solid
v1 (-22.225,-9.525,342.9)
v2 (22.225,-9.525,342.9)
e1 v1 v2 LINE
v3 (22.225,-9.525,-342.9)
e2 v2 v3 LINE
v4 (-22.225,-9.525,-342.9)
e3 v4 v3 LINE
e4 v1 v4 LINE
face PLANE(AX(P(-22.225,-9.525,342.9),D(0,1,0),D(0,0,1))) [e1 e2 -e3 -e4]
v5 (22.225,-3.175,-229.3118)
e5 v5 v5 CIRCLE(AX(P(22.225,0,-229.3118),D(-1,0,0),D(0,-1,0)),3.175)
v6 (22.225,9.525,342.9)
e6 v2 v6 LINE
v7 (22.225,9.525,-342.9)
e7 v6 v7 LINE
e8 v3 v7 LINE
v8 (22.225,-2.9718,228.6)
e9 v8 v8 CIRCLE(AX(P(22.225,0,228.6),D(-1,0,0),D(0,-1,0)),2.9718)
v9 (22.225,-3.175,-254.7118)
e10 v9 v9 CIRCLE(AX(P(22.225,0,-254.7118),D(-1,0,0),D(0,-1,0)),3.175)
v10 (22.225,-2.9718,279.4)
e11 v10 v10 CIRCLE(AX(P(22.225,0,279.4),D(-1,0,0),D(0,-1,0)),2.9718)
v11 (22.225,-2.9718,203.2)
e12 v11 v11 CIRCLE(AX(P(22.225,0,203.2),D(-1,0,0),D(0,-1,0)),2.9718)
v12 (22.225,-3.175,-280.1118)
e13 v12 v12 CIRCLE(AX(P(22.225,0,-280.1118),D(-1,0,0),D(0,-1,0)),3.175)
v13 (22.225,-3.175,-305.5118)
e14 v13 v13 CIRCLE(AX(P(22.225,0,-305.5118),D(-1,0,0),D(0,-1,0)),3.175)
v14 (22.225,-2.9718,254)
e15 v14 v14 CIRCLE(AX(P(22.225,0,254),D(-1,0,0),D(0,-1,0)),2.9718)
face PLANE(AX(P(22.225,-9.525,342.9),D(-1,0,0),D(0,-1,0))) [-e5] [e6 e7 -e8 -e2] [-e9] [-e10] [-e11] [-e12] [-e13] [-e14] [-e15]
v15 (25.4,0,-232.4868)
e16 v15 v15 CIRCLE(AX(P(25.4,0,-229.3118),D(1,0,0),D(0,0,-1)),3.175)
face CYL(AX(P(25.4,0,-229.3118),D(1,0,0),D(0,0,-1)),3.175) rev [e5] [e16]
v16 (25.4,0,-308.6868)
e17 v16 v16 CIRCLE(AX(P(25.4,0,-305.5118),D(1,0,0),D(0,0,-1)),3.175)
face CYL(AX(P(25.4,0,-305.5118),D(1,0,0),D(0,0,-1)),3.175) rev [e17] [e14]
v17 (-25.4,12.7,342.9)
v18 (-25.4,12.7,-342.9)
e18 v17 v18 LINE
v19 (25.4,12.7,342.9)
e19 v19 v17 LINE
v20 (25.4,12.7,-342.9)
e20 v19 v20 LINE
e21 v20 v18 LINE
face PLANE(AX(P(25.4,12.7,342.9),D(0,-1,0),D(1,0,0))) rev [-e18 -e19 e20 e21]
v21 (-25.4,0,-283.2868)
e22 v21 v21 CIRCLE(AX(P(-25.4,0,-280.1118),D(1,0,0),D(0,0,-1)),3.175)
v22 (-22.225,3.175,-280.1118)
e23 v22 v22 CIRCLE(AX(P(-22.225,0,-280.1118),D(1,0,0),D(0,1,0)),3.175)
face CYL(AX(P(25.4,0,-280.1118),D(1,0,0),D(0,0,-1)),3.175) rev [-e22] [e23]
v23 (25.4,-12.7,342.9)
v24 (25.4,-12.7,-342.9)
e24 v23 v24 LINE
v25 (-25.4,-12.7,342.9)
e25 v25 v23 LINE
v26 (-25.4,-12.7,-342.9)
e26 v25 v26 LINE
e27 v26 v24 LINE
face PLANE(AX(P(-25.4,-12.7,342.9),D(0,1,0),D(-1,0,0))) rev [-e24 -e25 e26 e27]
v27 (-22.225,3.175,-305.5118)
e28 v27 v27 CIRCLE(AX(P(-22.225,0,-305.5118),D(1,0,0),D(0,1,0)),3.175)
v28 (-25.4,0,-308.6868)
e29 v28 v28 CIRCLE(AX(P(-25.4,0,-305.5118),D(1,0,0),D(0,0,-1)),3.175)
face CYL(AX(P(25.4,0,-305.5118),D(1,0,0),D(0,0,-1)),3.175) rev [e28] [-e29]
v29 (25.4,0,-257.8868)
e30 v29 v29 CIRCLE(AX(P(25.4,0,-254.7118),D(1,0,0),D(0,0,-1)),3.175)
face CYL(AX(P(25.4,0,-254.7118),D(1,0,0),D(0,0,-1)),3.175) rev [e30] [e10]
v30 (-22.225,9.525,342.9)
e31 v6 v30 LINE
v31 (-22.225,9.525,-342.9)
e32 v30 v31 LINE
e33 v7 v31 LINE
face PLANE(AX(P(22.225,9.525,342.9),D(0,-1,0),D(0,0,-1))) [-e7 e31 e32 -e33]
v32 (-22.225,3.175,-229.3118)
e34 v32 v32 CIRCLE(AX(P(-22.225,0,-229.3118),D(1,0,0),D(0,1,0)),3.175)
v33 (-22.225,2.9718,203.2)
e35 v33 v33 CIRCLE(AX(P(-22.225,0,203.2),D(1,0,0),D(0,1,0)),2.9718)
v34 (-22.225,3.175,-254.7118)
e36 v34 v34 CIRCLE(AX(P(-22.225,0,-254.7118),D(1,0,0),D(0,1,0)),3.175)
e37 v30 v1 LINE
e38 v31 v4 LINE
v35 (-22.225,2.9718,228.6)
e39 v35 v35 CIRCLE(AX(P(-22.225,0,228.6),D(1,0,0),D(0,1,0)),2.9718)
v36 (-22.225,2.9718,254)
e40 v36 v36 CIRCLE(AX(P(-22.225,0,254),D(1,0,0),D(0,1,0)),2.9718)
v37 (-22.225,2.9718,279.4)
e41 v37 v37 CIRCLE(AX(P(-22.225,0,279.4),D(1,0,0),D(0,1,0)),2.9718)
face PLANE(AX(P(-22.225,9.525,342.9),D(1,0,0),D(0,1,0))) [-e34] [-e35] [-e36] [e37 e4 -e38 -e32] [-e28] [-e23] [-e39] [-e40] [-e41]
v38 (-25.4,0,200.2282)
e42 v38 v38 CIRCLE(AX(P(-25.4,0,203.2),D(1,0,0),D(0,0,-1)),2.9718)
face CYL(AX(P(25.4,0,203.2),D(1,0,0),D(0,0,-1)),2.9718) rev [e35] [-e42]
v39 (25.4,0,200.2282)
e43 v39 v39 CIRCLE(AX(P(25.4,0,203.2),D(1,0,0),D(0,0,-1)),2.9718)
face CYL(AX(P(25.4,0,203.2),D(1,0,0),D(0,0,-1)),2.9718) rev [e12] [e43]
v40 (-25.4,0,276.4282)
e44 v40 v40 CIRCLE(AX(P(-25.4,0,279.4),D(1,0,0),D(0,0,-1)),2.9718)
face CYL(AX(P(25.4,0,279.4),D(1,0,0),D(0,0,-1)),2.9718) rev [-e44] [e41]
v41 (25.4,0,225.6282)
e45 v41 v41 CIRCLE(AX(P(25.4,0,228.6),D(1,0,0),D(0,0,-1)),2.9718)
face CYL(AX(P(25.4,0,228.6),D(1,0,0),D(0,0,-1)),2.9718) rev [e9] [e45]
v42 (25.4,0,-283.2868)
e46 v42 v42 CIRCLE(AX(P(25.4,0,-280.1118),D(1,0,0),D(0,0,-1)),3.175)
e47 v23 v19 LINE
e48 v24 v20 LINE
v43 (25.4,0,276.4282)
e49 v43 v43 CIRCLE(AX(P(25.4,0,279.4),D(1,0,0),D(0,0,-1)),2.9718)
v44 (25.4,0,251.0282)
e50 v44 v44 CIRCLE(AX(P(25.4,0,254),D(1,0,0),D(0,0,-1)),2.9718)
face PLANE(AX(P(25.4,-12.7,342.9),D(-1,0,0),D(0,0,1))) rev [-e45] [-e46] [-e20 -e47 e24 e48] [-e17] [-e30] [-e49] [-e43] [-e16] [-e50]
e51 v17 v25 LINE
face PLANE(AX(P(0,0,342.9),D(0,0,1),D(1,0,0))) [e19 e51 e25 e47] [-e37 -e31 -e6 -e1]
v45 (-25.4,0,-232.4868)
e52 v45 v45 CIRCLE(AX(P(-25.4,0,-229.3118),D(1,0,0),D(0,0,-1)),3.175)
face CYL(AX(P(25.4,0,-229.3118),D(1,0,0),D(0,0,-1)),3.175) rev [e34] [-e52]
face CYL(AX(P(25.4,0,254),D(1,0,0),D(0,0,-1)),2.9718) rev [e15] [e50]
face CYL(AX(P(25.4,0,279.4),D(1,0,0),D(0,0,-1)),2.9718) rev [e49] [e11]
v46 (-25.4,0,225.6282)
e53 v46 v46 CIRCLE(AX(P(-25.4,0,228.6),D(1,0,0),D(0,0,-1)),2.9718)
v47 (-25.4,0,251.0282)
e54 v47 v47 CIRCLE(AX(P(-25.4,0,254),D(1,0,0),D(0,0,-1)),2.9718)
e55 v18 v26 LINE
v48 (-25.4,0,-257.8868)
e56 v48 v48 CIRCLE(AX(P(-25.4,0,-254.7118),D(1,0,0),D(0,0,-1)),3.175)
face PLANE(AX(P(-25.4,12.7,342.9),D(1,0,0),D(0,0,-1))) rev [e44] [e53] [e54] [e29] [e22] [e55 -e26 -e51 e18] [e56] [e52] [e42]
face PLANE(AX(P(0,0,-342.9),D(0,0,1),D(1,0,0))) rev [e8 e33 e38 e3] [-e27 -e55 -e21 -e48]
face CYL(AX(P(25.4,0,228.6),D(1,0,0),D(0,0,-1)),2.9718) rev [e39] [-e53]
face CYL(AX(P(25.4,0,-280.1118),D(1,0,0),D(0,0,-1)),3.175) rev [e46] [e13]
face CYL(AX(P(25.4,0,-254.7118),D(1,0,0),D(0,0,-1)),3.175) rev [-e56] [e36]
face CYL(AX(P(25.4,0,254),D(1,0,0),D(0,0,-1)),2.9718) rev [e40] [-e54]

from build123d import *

# Parameters (mm, degrees)
BOSS_EXTRUDE1_DEPTH         = 342.9
BOSS_EXTRUDE1_DEPTH_BACK    = 342.9
SKETCH3_W                   = 50.8
SKETCH3_H                   = 25.4
SKETCH3_W_2                 = 44.45
SKETCH3_H_2                 = 19.05
A_0_234_DIAMETER_HOLE1_D    = 5.9436
F_1_4_0_25_DIAMETER_HOLE2_D = 6.35


with BuildPart() as part:
    # Sketch3 → Boss-Extrude1 (new, two sides: drawn at the far end of the back side and taken through both)
    with BuildSketch(Plane.XY.offset(-BOSS_EXTRUDE1_DEPTH_BACK)):
        Rectangle(SKETCH3_W, SKETCH3_H)
        Rectangle(SKETCH3_W_2, SKETCH3_H_2, mode=Mode.SUBTRACT)
    extrude(amount=BOSS_EXTRUDE1_DEPTH + BOSS_EXTRUDE1_DEPTH_BACK)

    # A (0.234) Diameter Hole1 (through all)
    with Locations(Plane(origin=(25.4, 0, 0), x_dir=(0, 0, -1), z_dir=(1, 0, 0))):
        with Locations((-279.4, 0), (-254, 0), (-228.6, 0), (-203.2, 0)):
            Hole(A_0_234_DIAMETER_HOLE1_D / 2)

    # 1/4 (0.25) Diameter Hole2 (through all)
    with Locations(Plane(origin=(25.4, 0, 0), x_dir=(0, 0, -1), z_dir=(1, 0, 0))):
        with Locations((305.511799988, 0), (280.111799988, 0), (254.711799988, 0), (229.311799988, 0)):
            Hole(F_1_4_0_25_DIAMETER_HOLE2_D / 2)


solid = part.part
